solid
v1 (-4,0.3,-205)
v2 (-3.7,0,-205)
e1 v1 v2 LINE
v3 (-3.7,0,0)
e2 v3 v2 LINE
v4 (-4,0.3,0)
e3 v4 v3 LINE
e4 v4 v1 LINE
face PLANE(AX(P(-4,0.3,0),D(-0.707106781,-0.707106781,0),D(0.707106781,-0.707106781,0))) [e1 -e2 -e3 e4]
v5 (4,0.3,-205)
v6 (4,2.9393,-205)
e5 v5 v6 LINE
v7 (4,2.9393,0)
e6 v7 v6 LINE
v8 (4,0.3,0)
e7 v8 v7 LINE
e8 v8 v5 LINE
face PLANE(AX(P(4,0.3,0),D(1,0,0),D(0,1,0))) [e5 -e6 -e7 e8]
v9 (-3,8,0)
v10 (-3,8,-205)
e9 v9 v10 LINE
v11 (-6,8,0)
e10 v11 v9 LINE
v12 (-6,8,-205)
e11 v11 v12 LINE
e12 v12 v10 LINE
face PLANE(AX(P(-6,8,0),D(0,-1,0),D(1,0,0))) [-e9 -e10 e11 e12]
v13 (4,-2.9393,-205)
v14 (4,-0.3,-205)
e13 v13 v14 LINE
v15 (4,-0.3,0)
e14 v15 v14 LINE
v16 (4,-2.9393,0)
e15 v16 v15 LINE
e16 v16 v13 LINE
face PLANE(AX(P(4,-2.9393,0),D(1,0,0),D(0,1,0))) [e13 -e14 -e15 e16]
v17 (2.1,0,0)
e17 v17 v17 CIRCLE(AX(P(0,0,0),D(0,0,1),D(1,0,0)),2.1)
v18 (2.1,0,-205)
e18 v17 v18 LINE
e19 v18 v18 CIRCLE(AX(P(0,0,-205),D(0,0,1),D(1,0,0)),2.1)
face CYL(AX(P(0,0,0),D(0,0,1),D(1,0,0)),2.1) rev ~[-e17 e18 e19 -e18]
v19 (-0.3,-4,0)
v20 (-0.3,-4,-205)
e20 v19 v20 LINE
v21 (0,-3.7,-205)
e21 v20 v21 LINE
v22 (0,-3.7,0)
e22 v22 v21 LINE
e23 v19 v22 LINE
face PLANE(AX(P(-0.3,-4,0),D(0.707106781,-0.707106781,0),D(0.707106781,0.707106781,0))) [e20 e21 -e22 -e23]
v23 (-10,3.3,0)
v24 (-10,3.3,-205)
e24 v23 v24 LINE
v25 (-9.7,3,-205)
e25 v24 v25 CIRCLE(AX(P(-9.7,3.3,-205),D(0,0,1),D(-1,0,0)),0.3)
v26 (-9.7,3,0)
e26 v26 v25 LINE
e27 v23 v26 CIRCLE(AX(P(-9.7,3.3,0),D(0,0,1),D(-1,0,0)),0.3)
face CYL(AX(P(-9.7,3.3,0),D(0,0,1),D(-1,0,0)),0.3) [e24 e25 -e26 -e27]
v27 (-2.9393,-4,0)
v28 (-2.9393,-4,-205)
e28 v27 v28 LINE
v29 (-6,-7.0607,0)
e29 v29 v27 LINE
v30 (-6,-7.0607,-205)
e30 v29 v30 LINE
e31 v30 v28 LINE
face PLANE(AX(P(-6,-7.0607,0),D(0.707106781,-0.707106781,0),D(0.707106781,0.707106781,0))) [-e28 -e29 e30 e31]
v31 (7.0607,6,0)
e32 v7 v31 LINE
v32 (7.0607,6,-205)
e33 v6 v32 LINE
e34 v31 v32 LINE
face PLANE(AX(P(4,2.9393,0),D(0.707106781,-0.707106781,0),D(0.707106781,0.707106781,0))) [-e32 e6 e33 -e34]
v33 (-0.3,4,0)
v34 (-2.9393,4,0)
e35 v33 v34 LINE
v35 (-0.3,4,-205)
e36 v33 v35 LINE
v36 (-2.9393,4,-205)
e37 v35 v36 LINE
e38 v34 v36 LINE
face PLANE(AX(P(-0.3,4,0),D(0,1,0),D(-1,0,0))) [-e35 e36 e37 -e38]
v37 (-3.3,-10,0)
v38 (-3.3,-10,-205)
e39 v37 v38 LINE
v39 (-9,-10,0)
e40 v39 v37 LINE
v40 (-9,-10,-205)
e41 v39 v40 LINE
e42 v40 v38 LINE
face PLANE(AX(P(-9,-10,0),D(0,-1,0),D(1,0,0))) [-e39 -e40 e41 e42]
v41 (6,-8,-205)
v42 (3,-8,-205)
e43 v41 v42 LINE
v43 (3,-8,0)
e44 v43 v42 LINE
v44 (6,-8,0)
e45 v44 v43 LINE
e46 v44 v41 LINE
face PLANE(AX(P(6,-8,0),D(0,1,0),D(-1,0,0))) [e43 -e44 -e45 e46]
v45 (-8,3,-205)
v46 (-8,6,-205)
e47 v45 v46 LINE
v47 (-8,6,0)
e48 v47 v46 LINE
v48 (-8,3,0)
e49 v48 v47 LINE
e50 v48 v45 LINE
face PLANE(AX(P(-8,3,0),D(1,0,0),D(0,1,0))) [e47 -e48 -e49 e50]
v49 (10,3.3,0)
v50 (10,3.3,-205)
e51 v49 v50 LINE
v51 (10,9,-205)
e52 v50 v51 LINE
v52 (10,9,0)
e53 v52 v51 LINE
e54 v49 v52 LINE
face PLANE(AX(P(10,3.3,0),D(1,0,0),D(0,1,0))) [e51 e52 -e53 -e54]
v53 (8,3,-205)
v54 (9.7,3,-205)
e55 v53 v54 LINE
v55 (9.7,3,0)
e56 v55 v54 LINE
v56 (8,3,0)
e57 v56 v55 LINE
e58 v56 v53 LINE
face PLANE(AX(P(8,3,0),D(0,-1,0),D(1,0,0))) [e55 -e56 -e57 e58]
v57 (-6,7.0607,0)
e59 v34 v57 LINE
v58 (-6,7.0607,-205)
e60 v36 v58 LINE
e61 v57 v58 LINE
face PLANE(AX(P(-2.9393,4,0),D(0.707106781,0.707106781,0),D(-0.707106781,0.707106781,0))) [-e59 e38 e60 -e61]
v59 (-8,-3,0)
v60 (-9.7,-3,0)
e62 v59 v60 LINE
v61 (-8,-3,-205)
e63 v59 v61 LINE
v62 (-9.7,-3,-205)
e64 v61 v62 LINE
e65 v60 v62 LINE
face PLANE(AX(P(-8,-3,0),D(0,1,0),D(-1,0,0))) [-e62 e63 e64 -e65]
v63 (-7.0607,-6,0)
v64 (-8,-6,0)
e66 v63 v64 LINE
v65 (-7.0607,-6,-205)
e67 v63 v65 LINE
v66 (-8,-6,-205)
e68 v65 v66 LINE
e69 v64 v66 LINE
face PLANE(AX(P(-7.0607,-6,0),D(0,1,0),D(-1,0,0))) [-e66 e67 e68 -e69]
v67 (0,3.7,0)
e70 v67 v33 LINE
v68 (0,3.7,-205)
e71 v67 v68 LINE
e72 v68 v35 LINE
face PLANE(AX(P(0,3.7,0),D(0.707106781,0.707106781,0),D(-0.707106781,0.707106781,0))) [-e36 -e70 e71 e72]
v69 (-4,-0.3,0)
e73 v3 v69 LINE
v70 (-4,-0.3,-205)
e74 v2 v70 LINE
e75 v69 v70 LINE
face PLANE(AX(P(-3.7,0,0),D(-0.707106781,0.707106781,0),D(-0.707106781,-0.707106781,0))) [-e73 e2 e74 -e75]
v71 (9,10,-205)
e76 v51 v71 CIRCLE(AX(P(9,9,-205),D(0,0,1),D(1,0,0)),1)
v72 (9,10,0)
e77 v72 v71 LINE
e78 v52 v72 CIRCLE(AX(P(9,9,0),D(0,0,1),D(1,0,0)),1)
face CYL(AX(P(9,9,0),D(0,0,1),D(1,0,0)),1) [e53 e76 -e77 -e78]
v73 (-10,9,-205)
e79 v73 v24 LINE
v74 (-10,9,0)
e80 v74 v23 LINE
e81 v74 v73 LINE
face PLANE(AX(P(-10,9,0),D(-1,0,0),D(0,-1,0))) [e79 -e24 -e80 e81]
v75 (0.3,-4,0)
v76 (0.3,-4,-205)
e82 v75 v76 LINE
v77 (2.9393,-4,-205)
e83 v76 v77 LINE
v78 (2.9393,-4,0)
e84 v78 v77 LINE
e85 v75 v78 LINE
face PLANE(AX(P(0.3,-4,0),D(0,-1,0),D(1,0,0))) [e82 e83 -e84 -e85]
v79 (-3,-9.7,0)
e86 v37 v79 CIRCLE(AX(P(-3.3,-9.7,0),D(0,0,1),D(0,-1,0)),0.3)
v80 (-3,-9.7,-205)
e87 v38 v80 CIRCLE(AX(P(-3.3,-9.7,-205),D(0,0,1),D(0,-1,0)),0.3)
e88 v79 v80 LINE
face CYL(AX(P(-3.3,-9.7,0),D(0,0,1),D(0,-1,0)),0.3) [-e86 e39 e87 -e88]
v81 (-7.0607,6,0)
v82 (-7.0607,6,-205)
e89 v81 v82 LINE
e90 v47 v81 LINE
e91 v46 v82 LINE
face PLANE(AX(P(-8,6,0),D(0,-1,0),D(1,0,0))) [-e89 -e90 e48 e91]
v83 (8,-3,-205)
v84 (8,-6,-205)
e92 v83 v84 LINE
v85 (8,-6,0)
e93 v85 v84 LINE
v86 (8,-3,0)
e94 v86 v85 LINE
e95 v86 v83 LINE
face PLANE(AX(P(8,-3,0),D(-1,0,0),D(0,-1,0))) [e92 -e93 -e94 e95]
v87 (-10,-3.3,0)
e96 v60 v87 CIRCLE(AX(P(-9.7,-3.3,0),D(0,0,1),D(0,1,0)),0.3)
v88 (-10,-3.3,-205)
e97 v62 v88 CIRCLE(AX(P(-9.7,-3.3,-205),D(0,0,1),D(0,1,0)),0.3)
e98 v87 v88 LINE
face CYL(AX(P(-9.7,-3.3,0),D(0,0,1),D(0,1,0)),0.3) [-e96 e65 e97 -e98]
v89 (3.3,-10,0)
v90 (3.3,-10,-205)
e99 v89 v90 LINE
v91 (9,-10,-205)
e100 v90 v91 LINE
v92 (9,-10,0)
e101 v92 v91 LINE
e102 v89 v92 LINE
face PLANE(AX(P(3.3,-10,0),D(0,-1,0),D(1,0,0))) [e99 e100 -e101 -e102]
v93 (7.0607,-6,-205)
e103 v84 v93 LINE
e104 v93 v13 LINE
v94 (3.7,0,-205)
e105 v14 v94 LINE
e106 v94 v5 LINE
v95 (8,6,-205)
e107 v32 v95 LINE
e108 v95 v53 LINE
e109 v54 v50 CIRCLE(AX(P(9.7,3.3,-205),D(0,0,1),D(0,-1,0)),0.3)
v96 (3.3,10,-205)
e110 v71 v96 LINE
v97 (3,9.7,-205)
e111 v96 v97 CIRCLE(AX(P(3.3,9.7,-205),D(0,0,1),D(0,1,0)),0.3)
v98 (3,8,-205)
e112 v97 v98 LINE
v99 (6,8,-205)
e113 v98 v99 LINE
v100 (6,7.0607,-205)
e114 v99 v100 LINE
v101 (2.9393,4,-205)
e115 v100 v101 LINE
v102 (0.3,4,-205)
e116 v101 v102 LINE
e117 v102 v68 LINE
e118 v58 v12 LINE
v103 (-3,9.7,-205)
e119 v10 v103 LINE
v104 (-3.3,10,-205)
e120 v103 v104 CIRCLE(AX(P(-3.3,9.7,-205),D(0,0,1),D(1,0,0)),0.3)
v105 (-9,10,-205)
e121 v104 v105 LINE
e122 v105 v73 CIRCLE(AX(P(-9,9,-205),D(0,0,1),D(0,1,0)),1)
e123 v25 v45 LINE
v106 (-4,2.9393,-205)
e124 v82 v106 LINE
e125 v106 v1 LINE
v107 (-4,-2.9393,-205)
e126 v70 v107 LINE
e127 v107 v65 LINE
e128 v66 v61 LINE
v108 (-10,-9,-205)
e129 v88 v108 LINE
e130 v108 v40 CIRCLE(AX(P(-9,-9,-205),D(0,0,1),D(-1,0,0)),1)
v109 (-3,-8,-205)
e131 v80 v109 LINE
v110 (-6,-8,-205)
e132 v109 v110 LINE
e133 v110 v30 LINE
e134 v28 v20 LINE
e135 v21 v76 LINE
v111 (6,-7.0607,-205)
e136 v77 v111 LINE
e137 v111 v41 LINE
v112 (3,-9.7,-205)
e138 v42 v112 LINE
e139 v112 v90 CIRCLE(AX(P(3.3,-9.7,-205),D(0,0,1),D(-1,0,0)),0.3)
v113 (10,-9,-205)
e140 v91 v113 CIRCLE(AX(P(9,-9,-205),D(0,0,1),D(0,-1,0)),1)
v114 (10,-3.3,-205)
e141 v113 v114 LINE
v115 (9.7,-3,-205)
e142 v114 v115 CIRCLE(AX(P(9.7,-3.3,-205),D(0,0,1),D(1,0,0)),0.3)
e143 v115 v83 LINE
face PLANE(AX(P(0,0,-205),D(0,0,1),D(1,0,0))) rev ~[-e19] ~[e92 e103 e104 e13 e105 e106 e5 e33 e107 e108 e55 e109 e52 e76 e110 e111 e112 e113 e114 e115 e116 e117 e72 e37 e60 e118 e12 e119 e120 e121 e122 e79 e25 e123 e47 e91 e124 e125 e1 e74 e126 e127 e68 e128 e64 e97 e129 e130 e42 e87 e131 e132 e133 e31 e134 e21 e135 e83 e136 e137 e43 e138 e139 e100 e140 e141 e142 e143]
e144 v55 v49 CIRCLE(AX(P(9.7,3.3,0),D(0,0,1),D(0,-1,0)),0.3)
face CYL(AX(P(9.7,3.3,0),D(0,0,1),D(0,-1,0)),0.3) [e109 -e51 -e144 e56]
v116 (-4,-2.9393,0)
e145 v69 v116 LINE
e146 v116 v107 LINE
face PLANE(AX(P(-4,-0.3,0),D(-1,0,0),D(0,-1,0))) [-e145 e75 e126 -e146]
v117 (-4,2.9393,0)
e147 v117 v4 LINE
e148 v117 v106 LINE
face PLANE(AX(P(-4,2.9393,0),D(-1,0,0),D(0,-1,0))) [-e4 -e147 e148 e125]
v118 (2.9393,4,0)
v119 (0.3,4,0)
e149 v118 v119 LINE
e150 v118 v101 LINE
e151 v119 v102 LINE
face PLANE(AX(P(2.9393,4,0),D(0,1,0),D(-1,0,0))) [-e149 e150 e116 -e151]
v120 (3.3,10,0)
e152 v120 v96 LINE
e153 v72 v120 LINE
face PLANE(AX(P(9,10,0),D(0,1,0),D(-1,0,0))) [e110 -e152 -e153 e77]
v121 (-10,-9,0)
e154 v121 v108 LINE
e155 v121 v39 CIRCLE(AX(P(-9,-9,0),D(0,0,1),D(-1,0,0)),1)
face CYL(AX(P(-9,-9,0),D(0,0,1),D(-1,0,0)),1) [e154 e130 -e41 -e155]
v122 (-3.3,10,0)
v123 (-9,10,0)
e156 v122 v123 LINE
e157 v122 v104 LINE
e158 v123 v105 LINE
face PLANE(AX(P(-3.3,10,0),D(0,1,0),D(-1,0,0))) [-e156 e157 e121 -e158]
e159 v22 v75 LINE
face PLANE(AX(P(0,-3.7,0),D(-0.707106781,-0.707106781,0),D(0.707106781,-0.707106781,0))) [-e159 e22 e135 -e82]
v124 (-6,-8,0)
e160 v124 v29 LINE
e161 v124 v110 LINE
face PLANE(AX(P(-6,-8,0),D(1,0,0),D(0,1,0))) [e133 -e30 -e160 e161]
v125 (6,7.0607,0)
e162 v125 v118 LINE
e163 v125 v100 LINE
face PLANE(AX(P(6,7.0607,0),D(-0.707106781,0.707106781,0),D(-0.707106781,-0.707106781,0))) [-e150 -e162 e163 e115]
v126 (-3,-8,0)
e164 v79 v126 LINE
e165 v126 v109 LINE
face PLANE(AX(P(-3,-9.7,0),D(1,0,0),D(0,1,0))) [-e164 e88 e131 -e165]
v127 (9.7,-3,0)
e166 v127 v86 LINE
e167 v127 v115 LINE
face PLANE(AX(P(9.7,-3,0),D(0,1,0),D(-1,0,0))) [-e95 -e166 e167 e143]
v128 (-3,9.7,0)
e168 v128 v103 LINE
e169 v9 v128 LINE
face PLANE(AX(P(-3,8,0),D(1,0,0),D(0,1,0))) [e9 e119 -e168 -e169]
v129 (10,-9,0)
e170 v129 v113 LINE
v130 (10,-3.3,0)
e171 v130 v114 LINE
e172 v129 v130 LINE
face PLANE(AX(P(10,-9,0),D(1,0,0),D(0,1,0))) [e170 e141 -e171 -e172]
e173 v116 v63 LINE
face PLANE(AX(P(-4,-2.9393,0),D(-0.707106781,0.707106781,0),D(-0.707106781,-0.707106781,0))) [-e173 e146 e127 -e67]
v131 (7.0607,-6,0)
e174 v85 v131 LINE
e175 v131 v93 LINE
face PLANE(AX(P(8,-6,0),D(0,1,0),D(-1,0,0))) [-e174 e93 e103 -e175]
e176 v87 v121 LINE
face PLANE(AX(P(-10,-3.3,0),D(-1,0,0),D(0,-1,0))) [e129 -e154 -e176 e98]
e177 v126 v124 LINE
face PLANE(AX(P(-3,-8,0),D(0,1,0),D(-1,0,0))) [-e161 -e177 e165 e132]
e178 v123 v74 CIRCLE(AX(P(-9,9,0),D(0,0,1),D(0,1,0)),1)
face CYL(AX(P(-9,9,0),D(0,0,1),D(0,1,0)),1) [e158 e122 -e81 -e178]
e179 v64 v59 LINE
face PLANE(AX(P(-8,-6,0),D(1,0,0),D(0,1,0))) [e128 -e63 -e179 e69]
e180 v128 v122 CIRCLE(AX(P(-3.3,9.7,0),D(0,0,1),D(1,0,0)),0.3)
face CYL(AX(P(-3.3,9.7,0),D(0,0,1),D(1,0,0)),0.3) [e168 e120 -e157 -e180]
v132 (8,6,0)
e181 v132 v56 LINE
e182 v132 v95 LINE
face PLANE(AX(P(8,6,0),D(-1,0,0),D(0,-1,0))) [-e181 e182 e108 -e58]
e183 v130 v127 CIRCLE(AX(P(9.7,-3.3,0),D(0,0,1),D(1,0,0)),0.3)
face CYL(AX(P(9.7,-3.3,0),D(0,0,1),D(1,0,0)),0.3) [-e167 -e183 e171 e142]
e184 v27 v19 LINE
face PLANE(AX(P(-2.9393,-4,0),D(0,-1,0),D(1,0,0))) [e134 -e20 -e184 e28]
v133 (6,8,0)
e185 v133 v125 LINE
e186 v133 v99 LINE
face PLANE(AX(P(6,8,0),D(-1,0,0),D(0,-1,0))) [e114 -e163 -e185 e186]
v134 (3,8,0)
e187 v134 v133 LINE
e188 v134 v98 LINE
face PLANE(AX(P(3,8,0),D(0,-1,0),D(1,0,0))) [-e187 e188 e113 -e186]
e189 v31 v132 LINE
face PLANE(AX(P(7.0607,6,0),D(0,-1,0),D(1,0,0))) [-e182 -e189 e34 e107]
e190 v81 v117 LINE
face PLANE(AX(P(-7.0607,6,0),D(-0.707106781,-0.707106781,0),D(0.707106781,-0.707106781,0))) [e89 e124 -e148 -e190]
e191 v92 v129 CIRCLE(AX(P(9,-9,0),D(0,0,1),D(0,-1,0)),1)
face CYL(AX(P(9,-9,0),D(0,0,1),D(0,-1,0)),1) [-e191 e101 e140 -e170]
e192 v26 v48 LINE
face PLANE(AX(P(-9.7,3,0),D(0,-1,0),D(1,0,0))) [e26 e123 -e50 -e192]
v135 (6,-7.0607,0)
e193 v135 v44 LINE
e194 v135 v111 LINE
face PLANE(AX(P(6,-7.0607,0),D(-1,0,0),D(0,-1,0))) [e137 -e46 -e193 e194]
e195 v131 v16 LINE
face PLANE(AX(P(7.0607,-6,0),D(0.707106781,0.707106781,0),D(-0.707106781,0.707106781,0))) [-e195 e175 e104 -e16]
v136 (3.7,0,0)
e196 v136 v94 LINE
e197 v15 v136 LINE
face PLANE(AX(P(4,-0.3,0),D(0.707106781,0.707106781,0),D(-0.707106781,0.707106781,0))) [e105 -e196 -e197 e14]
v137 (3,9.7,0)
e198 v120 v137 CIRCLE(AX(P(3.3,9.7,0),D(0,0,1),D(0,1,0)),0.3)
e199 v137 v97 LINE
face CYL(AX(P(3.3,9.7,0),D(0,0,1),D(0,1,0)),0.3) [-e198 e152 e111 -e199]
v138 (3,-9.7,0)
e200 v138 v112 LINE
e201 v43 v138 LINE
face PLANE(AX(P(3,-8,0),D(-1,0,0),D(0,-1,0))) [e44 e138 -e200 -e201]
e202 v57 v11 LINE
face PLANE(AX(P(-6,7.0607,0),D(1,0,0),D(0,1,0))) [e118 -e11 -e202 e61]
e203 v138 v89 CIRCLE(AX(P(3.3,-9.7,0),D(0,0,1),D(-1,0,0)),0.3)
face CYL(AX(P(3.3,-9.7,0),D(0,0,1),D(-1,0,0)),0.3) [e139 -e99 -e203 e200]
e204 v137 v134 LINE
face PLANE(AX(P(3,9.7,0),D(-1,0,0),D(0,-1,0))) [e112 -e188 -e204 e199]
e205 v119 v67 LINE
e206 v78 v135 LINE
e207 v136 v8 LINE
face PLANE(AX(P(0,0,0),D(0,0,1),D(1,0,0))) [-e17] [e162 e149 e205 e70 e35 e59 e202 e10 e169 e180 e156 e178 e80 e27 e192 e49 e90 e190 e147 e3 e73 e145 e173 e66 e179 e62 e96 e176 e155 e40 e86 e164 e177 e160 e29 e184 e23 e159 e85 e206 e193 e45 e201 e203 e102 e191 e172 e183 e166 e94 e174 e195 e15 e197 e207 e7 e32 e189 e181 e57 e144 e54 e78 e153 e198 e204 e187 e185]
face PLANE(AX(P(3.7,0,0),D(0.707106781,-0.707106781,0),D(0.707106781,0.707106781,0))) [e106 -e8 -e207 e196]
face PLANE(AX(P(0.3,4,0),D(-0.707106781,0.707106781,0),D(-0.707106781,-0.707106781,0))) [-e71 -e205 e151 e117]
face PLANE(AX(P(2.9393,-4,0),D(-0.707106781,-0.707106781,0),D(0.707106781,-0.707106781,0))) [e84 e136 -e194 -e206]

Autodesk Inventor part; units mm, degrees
ref_plane "YZ Plane" through (0, 0, 0) normal (1, 0, 0) x (0, 1, 0)
ref_plane "XZ Plane" through (0, 0, 0) normal (0, 1, 0) x (-1, 0, 0)
ref_plane "XY Plane" through (0, 0, 0) normal (0, 0, 1) x (1, 0, 0)
sketch "Sketch_5" plane through (0, 0, 0) normal (0, 0, 1) x (1, 0, 0)
  line L0 (-10, 9) -> (-10, 3.3)
  arc A0 (-10, 3.3) -> (-9.7, 3) centre (-9.7, 3.3) ccw
  line L1 (-9.7, 3) -> (-8, 3)
  line L2 (-8, 3) -> (-8, 6)
  line L3 (-8, 6) -> (-7.0607, 6)
  line L4 (-7.0607, 6) -> (-4, 2.9393)
  line L5 (-4, 2.9393) -> (-4, 0.3)
  line L6 (-4, 0.3) -> (-3.7, 0)
  line L7 (-3.7, 0) -> (-4, -0.3)
  line L8 (-4, -0.3) -> (-4, -2.9393)
  line L9 (-4, -2.9393) -> (-7.0607, -6)
  line L10 (-7.0607, -6) -> (-8, -6)
  line L11 (-8, -6) -> (-8, -3)
  line L12 (-8, -3) -> (-9.7, -3)
  arc A1 (-9.7, -3) -> (-10, -3.3) centre (-9.7, -3.3) ccw
  line L13 (-10, -3.3) -> (-10, -9)
  arc A2 (-10, -9) -> (-9, -10) centre (-9, -9) ccw
  line L14 (-9, -10) -> (-3.3, -10)
  arc A3 (-3.3, -10) -> (-3, -9.7) centre (-3.3, -9.7) ccw
  line L15 (-3, -9.7) -> (-3, -8)
  line L16 (-3, -8) -> (-6, -8)
  line L17 (-6, -8) -> (-6, -7.0607)
  line L18 (-6, -7.0607) -> (-2.9393, -4)
  line L19 (-2.9393, -4) -> (-0.3, -4)
  line L20 (-0.3, -4) -> (0, -3.7)
  line L21 (0, -3.7) -> (0.3, -4)
  line L22 (0.3, -4) -> (2.9393, -4)
  line L23 (2.9393, -4) -> (6, -7.0607)
  line L24 (6, -7.0607) -> (6, -8)
  line L25 (6, -8) -> (3, -8)
  line L26 (3, -8) -> (3, -9.7)
  arc A4 (3, -9.7) -> (3.3, -10) centre (3.3, -9.7) ccw
  line L27 (3.3, -10) -> (9, -10)
  arc A5 (9, -10) -> (10, -9) centre (9, -9) ccw
  line L28 (10, -9) -> (10, -3.3)
  arc A6 (10, -3.3) -> (9.7, -3) centre (9.7, -3.3) ccw
  line L29 (9.7, -3) -> (8, -3)
  line L30 (8, -3) -> (8, -6)
  line L31 (8, -6) -> (7.0607, -6)
  line L32 (7.0607, -6) -> (4, -2.9393)
  line L33 (4, -2.9393) -> (4, -0.3)
  line L34 (4, -0.3) -> (3.7, 0)
  line L35 (3.7, 0) -> (4, 0.3)
  line L36 (4, 0.3) -> (4, 2.9393)
  line L37 (4, 2.9393) -> (7.0607, 6)
  line L38 (7.0607, 6) -> (8, 6)
  line L39 (8, 6) -> (8, 3)
  line L40 (8, 3) -> (9.7, 3)
  arc A7 (9.7, 3) -> (10, 3.3) centre (9.7, 3.3) ccw
  line L41 (10, 3.3) -> (10, 9)
  arc A8 (10, 9) -> (9, 10) centre (9, 9) ccw
  line L42 (9, 10) -> (3.3, 10)
  arc A9 (3.3, 10) -> (3, 9.7) centre (3.3, 9.7) ccw
  line L43 (3, 9.7) -> (3, 8)
  line L44 (3, 8) -> (6, 8)
  line L45 (6, 8) -> (6, 7.0607)
  line L46 (6, 7.0607) -> (2.9393, 4)
  line L47 (2.9393, 4) -> (0.3, 4)
  line L48 (0.3, 4) -> (0, 3.7)
  line L49 (0, 3.7) -> (-0.3, 4)
  line L50 (-0.3, 4) -> (-2.9393, 4)
  line L51 (-2.9393, 4) -> (-6, 7.0607)
  line L52 (-6, 7.0607) -> (-6, 8)
  line L53 (-6, 8) -> (-3, 8)
  line L54 (-3, 8) -> (-3, 9.7)
  arc A10 (-3, 9.7) -> (-3.3, 10) centre (-3.3, 9.7) ccw
  line L55 (-3.3, 10) -> (-9, 10)
  arc A11 (-9, 10) -> (-10, 9) centre (-9, 9) ccw
  circle A12 centre (0, 0) radius 2.1
extrude "Extrusion1" add sketch "Sketch_5" against normal blind 205
properties part number "KHFS5-2020-4000" material "Aluminum 6061"
